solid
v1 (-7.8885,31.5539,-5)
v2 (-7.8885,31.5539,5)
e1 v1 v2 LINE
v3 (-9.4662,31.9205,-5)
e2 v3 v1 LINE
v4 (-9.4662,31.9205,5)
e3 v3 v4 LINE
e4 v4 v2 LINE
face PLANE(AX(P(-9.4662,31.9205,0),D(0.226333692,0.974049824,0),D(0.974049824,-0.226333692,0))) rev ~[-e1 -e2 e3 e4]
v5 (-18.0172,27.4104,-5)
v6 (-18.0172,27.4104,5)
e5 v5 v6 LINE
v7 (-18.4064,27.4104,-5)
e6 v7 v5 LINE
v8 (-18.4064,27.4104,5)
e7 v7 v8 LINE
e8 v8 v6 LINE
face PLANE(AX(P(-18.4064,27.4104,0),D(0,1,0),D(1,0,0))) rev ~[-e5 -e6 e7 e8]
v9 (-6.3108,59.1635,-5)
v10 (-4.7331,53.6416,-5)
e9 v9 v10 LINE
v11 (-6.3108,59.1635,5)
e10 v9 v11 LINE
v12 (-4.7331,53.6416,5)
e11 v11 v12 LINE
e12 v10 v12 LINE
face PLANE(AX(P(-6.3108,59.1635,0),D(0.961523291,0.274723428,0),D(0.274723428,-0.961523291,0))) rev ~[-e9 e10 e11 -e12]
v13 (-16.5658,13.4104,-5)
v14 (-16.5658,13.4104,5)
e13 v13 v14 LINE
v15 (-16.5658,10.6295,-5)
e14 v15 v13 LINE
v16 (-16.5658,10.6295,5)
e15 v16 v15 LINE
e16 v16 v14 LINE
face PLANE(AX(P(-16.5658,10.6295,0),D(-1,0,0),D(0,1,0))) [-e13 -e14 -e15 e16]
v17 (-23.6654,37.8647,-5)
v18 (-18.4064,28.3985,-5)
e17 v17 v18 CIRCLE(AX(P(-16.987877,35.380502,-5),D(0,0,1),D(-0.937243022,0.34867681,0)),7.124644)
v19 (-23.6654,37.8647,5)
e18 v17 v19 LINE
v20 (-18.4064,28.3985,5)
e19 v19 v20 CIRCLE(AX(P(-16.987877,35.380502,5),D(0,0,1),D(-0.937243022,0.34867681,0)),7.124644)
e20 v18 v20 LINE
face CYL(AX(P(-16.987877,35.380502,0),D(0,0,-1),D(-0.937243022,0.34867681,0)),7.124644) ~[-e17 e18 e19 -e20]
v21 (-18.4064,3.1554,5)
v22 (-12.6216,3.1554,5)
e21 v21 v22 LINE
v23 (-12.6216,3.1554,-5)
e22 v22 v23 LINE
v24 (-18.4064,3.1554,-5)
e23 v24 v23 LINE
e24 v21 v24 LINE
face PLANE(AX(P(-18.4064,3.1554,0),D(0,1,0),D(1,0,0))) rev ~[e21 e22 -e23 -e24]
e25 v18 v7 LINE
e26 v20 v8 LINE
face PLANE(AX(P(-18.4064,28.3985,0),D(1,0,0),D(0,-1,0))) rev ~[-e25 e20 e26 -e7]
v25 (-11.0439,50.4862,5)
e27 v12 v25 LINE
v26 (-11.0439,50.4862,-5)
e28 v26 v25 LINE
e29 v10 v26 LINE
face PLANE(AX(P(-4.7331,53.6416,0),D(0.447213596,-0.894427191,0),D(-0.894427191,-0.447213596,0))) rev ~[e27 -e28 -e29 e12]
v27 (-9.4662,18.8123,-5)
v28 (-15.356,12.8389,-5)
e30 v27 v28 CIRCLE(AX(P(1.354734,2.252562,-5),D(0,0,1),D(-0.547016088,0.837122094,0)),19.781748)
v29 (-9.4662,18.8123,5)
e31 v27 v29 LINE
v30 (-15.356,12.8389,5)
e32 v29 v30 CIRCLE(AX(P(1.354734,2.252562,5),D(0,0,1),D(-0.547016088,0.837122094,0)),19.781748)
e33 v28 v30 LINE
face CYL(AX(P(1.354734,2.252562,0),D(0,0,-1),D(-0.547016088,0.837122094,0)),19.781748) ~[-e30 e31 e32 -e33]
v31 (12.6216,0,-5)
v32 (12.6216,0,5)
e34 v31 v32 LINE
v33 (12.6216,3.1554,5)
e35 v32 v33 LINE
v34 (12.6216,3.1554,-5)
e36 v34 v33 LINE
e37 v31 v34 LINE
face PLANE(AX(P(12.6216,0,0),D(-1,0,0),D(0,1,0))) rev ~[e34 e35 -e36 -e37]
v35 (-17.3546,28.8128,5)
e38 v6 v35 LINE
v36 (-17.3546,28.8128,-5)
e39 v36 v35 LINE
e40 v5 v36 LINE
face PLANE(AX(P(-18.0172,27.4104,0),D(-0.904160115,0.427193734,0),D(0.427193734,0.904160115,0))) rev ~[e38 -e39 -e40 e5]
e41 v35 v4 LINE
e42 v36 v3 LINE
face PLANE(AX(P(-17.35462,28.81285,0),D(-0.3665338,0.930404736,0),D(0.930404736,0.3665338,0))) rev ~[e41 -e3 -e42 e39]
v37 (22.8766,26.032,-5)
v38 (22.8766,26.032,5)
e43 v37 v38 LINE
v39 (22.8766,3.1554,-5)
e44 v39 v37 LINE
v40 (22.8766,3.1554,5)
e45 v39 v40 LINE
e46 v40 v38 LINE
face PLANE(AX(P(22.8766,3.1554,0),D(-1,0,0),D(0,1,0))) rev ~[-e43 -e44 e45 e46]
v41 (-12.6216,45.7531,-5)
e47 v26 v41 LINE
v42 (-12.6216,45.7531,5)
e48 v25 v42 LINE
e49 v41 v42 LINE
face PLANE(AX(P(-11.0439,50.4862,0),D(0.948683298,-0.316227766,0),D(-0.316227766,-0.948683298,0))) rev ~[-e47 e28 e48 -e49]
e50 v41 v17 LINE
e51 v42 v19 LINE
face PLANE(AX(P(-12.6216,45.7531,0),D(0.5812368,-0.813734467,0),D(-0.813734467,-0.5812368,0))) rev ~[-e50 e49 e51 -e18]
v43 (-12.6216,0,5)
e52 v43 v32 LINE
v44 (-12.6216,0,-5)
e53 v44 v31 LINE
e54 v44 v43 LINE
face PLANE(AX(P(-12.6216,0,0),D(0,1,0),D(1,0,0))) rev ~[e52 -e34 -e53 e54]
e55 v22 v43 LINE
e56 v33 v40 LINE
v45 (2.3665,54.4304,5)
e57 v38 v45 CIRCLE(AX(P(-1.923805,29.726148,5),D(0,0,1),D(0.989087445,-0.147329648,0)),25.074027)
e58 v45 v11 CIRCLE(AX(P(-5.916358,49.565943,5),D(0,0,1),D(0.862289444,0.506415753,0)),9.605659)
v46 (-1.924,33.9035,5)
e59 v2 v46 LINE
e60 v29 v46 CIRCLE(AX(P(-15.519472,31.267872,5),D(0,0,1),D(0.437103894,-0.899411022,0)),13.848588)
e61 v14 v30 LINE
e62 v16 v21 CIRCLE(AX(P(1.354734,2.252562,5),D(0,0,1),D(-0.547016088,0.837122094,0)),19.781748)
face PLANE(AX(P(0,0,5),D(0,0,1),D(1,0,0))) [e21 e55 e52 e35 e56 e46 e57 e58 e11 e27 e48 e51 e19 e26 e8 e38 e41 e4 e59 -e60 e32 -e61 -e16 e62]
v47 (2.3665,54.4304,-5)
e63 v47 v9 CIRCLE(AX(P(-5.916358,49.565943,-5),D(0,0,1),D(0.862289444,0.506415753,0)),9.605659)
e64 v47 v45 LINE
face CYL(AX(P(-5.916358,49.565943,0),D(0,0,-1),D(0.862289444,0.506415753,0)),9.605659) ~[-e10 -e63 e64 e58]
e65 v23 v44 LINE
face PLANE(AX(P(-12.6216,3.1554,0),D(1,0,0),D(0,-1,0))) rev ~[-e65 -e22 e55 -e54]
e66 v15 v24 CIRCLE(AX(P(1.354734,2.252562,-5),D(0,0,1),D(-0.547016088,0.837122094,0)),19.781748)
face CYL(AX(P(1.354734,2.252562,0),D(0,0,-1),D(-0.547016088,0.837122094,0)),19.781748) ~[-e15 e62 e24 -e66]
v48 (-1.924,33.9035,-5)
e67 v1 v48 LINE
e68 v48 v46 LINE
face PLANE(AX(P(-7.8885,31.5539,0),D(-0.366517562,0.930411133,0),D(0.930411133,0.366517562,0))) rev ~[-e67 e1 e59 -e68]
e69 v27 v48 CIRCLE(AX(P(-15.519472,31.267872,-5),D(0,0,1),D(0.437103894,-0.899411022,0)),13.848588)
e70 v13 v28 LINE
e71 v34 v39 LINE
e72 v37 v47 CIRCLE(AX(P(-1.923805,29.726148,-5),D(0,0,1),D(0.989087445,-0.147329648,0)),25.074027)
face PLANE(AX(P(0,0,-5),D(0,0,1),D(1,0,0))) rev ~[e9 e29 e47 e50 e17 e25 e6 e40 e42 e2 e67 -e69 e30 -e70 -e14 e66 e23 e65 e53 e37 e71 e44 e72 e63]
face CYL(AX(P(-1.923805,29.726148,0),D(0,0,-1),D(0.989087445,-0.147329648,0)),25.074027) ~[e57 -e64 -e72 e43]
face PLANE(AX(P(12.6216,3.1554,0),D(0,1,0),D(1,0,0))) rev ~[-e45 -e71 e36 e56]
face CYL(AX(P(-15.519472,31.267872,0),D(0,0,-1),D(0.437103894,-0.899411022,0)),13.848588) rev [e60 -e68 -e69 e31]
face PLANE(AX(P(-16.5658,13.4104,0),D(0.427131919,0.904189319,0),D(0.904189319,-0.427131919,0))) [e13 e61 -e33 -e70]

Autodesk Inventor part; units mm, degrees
ref_plane "YZ Plane" through (0, 0, 0) normal (1, 0, 0) x (0, 1, 0)
ref_plane "XZ Plane" through (0, 0, 0) normal (0, 1, 0) x (-1, 0, 0)
ref_plane "XY Plane" through (0, 0, 0) normal (0, 0, 1) x (1, 0, 0)
sketch "Boceto1" plane through (0, 0, 0) normal (0, 0, 1) x (1, 0, 0)
  line L0 (-55.5895, 69.239) -> (57.1029, 69.239) construction
  line L1 (57.1029, 69.239) -> (57.1029, -41.5752) construction
  line L2 (57.1029, -41.5752) -> (-55.5895, -41.5752) construction
  line L3 (-55.5895, -41.5752) -> (-55.5895, 69.239) construction
  line L4 (-12.6216, 0) -> (12.6216, 0)
  line L5 (12.6216, 0) -> (12.6216, 3.1554)
  line L6 (12.6216, 3.1554) -> (22.8766, 3.1554)
  line L7 (22.8766, 3.1554) -> (22.8766, 26.032)
  arc A0 (22.8766, 26.032) -> (2.3665, 54.4304) centre (-1.924, 29.7261) ccw
  arc A1 (2.3665, 54.4304) -> (-6.3108, 59.1635) centre (-5.9164, 49.5659) ccw
  line L8 (-6.3108, 59.1635) -> (-4.7331, 53.6416)
  line L9 (-4.7331, 53.6416) -> (-11.0439, 50.4862)
  line L10 (-11.0439, 50.4862) -> (-12.6216, 45.7531)
  line L11 (-12.6216, 45.7531) -> (-23.6654, 37.8647)
  arc A2 (-23.6654, 37.8647) -> (-18.4064, 28.3985) centre (-16.9879, 35.3805) ccw
  line L12 (-18.4064, 28.3985) -> (-9.4662, 31.9205)
  line L13 (-9.4662, 31.9205) -> (-7.8885, 31.5539)
  line L14 (-7.8885, 31.5539) -> (-1.924, 33.9035)
  arc A3 (-9.4662, 18.8123) -> (-1.924, 33.9035) centre (-15.5194, 31.2678) ccw
  arc A4 (-9.4662, 18.8123) -> (-18.4064, 3.1554) centre (1.3548, 2.2525) ccw
  line L15 (-18.4064, 3.1554) -> (-12.6216, 3.1554)
  line L16 (-12.6216, 3.1554) -> (-12.6216, 0)
  line L17 (-18.4064, 28.3985) -> (-18.4064, 27.4104)
  line L18 (-18.4064, 27.4104) -> (-18.0172, 27.4104)
  line L19 (-18.0172, 27.4104) -> (-17.3546, 28.8128)
  line L20 (-16.5658, 10.6295) -> (-16.5658, 13.4104)
  line L21 (-16.5658, 13.4104) -> (-15.356, 12.8389)
  point P0 (0, 0)
  point P1 (-18.2118, 27.4104)
  dimension "d8" = 14
extrude "Extrusión1" add sketch "Boceto1" along normal mid plane 10
properties part number "KIGTH TOP abrebotella medium 1.1"
